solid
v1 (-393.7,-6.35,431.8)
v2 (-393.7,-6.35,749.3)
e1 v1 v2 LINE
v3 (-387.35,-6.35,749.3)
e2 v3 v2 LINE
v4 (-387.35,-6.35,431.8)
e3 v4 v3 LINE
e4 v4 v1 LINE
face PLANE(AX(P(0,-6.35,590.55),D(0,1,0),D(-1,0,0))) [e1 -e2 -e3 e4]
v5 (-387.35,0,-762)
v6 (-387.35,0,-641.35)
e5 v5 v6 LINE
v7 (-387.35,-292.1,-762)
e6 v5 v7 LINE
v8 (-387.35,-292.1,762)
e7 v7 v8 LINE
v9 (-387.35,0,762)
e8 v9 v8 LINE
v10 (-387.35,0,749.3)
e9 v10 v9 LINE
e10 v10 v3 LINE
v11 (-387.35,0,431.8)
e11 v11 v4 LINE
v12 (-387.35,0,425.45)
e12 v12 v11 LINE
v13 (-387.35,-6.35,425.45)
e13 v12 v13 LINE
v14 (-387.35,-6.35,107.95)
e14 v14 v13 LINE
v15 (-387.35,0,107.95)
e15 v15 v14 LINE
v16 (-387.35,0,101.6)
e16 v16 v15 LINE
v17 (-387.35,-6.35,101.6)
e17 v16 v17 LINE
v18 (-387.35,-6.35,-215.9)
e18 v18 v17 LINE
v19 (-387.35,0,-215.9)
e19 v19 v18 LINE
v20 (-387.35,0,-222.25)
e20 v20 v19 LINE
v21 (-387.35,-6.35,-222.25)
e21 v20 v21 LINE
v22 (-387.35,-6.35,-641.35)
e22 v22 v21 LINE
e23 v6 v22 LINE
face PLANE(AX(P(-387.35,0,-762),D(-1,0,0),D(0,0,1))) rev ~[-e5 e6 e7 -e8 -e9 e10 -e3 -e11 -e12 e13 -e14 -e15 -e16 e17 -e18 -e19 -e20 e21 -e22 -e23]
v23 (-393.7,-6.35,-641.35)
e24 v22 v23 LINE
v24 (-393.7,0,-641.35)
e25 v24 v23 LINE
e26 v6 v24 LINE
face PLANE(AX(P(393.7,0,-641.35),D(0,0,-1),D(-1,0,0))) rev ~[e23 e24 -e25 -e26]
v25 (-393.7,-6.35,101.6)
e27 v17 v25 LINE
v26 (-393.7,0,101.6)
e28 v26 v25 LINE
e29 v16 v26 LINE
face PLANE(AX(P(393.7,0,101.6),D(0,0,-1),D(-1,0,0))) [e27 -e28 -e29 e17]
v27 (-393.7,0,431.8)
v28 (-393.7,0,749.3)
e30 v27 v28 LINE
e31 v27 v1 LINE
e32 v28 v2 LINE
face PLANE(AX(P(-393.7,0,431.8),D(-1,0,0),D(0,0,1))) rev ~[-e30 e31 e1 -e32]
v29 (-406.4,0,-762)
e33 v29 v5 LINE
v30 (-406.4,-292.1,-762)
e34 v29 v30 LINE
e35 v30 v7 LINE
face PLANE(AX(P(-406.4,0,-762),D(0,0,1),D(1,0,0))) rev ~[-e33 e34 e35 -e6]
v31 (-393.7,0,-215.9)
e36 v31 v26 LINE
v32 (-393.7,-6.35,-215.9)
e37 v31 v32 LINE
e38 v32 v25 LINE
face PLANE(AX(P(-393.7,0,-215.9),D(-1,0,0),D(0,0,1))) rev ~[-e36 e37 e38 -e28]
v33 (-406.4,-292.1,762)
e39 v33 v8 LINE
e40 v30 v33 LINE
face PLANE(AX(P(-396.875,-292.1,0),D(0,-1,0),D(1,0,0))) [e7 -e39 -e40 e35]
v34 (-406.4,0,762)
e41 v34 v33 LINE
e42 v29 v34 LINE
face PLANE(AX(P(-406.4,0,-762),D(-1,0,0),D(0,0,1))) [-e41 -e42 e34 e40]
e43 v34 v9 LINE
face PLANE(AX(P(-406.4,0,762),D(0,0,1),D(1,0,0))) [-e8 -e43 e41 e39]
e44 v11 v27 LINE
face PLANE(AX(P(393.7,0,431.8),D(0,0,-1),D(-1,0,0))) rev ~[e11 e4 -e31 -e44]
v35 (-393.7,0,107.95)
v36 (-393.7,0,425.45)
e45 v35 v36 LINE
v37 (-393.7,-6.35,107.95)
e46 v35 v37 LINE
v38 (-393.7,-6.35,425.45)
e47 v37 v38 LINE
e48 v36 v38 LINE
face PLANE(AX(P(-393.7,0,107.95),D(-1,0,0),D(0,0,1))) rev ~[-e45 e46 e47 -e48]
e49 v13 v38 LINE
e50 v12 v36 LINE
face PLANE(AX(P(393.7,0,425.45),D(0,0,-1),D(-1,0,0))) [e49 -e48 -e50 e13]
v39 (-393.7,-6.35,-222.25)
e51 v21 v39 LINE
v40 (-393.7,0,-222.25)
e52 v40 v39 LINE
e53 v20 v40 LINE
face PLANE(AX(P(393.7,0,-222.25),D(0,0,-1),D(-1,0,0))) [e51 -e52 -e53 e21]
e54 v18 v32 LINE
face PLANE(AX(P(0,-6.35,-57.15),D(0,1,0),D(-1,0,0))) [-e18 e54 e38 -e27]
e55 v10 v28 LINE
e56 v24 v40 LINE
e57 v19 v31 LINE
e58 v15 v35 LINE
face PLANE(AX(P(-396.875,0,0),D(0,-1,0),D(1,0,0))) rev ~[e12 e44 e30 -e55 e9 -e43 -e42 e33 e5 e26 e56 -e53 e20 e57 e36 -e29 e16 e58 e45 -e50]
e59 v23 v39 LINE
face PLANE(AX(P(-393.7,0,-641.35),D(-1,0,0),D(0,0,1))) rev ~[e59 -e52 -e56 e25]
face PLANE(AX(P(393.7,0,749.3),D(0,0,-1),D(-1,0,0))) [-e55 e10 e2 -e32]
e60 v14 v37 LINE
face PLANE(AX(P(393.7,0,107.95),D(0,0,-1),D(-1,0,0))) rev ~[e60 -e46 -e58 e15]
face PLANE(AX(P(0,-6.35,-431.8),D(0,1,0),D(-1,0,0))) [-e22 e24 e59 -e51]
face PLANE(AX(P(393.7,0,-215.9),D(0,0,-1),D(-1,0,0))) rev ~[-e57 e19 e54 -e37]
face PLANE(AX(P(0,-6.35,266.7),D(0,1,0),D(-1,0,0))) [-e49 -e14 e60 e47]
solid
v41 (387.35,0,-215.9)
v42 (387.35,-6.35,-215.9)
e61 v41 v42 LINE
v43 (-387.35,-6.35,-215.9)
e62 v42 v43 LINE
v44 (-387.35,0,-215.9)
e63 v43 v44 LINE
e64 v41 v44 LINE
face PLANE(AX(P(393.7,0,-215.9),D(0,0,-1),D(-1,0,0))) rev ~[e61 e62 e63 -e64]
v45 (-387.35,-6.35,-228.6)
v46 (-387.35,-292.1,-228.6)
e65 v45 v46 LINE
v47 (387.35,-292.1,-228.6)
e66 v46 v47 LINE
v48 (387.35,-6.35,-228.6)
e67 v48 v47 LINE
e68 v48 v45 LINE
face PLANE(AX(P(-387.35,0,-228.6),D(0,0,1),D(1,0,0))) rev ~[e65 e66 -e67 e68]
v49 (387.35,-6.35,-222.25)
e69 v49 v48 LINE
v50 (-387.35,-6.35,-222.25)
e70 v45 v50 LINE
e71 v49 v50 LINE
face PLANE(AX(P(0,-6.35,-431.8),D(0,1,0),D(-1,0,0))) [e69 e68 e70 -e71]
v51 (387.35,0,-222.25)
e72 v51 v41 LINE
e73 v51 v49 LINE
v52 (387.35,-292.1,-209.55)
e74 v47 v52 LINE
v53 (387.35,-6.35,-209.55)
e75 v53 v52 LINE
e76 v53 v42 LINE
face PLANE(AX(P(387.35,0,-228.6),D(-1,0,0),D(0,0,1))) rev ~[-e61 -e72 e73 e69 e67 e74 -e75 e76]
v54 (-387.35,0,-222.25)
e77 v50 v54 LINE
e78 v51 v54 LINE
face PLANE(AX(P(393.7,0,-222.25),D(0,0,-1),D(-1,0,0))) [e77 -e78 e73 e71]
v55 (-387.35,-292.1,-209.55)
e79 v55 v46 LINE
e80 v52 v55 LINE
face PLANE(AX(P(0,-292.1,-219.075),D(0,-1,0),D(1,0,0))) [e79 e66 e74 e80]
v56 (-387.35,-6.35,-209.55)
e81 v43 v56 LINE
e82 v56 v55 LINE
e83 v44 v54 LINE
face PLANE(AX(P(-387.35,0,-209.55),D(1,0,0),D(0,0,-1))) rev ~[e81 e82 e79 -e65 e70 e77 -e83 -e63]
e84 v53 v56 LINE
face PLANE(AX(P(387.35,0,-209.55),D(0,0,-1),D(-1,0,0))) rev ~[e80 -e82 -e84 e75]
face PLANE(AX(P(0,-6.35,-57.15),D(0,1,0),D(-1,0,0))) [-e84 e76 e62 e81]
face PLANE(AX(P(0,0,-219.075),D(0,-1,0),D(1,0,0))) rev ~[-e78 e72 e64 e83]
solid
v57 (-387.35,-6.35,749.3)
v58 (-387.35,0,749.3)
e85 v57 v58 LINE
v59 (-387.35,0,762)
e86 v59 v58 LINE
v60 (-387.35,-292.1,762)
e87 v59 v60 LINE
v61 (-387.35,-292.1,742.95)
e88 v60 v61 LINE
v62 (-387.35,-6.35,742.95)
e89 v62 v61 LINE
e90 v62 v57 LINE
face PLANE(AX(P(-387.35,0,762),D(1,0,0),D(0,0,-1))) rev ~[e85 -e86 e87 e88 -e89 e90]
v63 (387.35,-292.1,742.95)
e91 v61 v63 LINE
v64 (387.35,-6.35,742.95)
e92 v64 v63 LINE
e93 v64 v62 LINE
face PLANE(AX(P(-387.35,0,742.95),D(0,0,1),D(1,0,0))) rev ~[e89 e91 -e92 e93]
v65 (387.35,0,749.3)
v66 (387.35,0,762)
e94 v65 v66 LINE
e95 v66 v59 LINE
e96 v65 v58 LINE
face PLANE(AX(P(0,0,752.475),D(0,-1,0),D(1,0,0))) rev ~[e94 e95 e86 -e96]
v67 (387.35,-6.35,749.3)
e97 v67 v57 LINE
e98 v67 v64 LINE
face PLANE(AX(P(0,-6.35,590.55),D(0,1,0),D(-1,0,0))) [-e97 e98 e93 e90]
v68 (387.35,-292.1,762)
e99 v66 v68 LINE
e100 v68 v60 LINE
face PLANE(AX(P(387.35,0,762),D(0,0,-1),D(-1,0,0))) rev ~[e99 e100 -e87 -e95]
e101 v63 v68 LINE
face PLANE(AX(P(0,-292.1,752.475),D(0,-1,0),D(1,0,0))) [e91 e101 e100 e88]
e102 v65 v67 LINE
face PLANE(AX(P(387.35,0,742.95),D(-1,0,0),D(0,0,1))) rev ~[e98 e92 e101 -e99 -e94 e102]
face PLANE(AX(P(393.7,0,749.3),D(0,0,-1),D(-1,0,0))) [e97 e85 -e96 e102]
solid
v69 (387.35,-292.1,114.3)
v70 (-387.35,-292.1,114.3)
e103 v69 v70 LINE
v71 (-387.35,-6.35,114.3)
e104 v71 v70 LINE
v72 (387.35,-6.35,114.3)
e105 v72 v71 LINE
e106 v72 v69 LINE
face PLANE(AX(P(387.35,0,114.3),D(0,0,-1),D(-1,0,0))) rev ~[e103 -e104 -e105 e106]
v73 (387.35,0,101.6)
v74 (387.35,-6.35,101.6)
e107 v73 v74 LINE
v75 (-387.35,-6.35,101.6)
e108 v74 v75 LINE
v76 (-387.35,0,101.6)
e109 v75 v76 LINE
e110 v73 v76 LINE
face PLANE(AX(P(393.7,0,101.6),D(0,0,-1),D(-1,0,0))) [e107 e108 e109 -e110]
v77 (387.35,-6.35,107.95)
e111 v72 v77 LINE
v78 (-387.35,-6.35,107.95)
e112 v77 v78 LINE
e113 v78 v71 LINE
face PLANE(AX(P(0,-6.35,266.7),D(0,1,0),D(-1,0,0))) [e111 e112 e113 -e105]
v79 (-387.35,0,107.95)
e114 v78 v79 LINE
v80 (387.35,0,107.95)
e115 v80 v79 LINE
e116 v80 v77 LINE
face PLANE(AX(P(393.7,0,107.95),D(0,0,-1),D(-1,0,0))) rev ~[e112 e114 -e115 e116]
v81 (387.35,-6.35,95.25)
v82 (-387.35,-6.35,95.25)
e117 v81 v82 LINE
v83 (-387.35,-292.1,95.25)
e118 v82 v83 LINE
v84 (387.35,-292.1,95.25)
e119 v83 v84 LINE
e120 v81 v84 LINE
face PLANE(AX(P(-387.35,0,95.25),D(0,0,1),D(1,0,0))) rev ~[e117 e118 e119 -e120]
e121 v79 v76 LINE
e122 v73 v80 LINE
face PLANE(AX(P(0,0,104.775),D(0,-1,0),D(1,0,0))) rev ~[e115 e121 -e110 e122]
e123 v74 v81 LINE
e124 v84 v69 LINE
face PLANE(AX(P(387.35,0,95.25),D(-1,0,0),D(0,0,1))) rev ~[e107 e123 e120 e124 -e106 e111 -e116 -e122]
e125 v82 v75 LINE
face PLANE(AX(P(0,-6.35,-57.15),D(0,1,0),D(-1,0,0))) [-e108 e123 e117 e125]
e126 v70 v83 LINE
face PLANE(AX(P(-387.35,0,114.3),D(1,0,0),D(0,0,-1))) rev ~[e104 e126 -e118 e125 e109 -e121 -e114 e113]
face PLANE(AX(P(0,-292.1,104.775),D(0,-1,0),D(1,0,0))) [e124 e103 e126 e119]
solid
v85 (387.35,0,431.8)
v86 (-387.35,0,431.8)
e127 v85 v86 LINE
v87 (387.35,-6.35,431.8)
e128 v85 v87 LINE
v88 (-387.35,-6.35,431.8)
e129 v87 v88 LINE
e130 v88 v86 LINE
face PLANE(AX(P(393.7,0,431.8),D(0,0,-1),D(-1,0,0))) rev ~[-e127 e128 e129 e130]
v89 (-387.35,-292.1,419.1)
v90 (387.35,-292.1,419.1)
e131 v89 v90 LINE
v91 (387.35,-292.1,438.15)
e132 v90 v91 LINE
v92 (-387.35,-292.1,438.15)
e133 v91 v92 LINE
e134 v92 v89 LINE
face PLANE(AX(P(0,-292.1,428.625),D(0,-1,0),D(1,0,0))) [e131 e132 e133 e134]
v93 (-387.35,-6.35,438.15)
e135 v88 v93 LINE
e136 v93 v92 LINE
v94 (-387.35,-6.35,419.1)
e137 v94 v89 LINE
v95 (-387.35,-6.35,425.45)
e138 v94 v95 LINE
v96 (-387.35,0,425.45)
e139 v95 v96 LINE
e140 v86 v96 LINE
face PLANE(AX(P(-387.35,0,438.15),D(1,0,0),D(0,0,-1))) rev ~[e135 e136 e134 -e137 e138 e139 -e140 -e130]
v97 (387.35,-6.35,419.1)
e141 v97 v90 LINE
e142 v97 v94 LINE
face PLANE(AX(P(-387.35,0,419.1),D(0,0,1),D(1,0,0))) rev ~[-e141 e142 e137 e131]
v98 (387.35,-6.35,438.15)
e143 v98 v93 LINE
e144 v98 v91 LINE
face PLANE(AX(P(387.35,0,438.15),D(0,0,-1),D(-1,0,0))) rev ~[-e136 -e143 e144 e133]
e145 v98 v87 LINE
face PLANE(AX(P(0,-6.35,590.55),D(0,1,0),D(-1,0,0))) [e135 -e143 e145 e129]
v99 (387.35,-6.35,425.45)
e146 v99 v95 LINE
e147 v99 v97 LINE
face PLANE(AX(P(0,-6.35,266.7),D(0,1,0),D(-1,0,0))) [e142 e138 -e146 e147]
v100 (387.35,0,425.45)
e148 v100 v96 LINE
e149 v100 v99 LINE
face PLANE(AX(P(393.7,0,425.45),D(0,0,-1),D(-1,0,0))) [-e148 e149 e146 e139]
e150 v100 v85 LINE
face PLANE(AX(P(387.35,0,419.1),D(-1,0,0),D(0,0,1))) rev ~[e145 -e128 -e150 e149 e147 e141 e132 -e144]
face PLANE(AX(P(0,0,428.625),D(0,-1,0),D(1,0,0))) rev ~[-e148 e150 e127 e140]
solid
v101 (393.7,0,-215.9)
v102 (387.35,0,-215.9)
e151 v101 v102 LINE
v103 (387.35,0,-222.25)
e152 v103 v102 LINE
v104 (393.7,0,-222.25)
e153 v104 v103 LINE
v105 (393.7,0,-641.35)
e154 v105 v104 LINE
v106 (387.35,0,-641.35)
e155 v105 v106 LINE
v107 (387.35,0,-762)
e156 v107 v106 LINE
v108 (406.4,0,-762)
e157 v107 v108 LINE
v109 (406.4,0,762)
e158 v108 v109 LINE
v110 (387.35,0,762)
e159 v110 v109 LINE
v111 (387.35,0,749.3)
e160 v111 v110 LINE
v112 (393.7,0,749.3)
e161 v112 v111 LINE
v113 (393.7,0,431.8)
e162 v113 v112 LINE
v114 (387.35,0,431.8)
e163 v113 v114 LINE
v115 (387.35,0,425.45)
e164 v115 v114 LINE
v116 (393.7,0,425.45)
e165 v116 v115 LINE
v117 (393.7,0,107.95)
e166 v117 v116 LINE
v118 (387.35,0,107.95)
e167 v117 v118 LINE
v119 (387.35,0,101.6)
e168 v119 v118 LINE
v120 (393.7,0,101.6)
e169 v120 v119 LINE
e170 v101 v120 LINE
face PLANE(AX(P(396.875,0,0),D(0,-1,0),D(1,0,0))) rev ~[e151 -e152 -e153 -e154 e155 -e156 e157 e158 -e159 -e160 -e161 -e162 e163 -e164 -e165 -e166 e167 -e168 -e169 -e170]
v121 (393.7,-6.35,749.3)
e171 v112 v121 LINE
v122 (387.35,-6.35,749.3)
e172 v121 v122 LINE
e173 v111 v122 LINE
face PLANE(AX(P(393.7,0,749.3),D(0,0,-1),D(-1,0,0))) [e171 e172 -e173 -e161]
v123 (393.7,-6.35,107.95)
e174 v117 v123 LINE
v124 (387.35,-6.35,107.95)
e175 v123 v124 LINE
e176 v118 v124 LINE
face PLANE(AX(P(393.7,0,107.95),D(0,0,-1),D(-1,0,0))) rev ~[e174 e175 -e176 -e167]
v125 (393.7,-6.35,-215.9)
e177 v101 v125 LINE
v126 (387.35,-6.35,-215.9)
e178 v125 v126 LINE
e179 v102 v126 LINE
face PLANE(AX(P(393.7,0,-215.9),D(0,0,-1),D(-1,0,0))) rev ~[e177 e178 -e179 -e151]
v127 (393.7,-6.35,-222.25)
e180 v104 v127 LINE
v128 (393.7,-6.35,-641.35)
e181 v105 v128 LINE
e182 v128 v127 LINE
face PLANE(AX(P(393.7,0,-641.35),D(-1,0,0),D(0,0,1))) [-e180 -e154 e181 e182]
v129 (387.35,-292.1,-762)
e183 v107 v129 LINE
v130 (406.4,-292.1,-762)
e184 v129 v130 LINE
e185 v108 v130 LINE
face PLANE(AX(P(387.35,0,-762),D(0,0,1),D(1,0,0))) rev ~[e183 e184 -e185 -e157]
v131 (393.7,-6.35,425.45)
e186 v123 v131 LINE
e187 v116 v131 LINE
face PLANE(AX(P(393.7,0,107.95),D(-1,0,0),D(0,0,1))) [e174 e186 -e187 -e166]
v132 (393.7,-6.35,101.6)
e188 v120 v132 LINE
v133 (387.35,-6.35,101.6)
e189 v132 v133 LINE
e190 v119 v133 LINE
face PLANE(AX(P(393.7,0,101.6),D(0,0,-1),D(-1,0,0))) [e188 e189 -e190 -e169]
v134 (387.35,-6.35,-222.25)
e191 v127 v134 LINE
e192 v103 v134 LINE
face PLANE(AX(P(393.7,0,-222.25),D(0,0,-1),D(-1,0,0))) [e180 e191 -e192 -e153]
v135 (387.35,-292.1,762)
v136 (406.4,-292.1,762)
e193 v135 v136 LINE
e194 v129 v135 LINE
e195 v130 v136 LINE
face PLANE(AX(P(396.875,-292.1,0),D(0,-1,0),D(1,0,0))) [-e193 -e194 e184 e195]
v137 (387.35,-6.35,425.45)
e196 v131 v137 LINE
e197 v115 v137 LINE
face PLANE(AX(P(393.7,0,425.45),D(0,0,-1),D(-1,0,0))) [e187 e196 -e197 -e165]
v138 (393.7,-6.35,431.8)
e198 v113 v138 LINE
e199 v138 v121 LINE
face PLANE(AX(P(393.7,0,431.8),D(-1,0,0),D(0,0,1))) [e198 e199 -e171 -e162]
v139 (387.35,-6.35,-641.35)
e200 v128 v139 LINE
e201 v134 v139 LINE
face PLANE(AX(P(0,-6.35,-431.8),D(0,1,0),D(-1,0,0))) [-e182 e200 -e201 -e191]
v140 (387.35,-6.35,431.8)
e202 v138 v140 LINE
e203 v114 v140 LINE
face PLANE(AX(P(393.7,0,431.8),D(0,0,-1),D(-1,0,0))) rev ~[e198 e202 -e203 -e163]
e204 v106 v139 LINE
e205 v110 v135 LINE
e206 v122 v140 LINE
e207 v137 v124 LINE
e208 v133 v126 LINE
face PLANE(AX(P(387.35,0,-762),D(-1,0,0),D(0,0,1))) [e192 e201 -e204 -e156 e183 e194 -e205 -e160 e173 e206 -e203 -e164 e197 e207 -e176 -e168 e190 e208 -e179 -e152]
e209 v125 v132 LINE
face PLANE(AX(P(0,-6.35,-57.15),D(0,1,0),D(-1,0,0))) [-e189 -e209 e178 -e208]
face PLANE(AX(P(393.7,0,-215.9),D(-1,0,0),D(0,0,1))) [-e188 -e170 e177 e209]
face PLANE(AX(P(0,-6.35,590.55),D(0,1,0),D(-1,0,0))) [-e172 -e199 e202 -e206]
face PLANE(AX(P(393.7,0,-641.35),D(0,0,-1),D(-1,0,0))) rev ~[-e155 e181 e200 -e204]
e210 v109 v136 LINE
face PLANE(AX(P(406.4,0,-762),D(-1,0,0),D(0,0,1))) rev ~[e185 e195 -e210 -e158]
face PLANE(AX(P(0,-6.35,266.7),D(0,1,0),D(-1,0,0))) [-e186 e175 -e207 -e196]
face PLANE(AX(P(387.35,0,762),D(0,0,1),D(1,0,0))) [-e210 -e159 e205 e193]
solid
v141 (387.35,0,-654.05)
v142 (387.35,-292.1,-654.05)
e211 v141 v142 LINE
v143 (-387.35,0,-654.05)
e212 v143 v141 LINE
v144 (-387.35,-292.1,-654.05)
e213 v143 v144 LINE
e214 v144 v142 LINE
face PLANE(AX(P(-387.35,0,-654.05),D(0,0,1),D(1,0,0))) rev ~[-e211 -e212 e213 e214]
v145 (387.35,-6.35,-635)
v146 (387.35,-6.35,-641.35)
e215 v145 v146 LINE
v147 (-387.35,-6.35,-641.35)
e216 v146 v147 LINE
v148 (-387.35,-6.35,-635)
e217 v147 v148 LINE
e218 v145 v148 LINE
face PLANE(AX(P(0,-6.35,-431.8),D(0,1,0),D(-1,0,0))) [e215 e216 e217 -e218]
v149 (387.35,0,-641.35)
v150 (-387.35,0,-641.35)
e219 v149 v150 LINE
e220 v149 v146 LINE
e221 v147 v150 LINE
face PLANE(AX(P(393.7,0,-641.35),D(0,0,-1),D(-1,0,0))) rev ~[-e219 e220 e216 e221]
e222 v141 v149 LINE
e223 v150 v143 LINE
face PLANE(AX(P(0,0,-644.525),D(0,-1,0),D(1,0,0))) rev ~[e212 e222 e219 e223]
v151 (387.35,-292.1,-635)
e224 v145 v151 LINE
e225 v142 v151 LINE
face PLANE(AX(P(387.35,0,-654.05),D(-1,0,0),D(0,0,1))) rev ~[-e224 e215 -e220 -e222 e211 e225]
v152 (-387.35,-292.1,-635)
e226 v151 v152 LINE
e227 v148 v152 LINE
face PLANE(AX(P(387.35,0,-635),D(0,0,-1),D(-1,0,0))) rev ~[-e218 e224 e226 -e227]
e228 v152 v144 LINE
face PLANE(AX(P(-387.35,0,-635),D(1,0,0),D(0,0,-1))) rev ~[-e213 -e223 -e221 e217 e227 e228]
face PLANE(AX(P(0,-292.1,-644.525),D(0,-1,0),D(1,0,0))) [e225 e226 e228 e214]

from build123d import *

# Parameters (mm, degrees)
F1_DEPTH = 292.1
F2_W     = 19.05
F2_H     = 1524
F3_DEPTH = 292.1
F4_W     = 787.4
F4_H     = 317.5
F4_W_2   = 774.7
F4_H_2   = 304.8
F4_H_3   = 419.1
F4_H_4   = 406.4
F5_DEPTH = 6.35


with BuildPart() as f1:
    # F0 (on Front) → F1 (new body)
    with BuildSketch(Plane.XZ):
        Polygon((387.35, 742.95), (387.35, 762), (-387.35, 762), (-387.35, 742.95), (0, 742.95), align=None)
        Polygon((387.35, 419.1), (387.35, 438.15), (0, 438.15), (-387.35, 438.15), (-387.35, 419.1), (0, 419.1), align=None)
        Polygon((0, 95.25), (387.35, 95.25), (387.35, 114.3), (0, 114.3), (-387.35, 114.3), (-387.35, 95.25), align=None)
        Polygon((0, -228.6), (387.35, -228.6), (387.35, -209.55), (0, -209.55), (-387.35, -209.55), (-387.35, -228.6), align=None)
        Polygon((-387.35, -654.05), (387.35, -654.05), (387.35, -635), (0, -635), (-387.35, -635), align=None)
    extrude(amount=F1_DEPTH)


with BuildPart() as f3:
    # F2 (on Front) → F3 (new body)
    with BuildSketch(Plane.XZ):
        with Locations((-396.875, 0)):
            Rectangle(F2_W, F2_H)
        with Locations((396.875, 0)):
            Rectangle(F2_W, F2_H)
    extrude(amount=F3_DEPTH)


with BuildPart() as f5_tool:
    # F4 (on face) → F5 (new body)
    with BuildSketch(Plane(origin=(0, 0, 0), x_dir=(-1, 0, 0), z_dir=(0, 1, 0))):
        with Locations((0, 590.55)):
            Rectangle(F4_W, F4_H)
        with Locations((0, 590.55)):
            Rectangle(F4_W_2, F4_H_2, mode=Mode.SUBTRACT)
        with Locations((0, 266.7)):
            Rectangle(F4_W, F4_H)
        with Locations((0, 266.7)):
            Rectangle(F4_W_2, F4_H_2, mode=Mode.SUBTRACT)
        with Locations((0, -57.15)):
            Rectangle(F4_W, F4_H)
        with Locations((0, -57.15)):
            Rectangle(F4_W_2, F4_H_2, mode=Mode.SUBTRACT)
        with Locations((0, -431.8)):
            Rectangle(F4_W, F4_H_3)
        with Locations((0, -431.8)):
            Rectangle(F4_W_2, F4_H_4, mode=Mode.SUBTRACT)
    extrude(amount=-F5_DEPTH)


with BuildPart() as f1_1:
    add(f1.part)

    # F5: cut by f5_tool
    add(f5_tool.part, mode=Mode.SUBTRACT)


with BuildPart() as f3_1:
    add(f3.part)

    # F5: cut by f5_tool
    add(f5_tool.part, mode=Mode.SUBTRACT)


solid = Compound([f1_1.part, f3_1.part])
